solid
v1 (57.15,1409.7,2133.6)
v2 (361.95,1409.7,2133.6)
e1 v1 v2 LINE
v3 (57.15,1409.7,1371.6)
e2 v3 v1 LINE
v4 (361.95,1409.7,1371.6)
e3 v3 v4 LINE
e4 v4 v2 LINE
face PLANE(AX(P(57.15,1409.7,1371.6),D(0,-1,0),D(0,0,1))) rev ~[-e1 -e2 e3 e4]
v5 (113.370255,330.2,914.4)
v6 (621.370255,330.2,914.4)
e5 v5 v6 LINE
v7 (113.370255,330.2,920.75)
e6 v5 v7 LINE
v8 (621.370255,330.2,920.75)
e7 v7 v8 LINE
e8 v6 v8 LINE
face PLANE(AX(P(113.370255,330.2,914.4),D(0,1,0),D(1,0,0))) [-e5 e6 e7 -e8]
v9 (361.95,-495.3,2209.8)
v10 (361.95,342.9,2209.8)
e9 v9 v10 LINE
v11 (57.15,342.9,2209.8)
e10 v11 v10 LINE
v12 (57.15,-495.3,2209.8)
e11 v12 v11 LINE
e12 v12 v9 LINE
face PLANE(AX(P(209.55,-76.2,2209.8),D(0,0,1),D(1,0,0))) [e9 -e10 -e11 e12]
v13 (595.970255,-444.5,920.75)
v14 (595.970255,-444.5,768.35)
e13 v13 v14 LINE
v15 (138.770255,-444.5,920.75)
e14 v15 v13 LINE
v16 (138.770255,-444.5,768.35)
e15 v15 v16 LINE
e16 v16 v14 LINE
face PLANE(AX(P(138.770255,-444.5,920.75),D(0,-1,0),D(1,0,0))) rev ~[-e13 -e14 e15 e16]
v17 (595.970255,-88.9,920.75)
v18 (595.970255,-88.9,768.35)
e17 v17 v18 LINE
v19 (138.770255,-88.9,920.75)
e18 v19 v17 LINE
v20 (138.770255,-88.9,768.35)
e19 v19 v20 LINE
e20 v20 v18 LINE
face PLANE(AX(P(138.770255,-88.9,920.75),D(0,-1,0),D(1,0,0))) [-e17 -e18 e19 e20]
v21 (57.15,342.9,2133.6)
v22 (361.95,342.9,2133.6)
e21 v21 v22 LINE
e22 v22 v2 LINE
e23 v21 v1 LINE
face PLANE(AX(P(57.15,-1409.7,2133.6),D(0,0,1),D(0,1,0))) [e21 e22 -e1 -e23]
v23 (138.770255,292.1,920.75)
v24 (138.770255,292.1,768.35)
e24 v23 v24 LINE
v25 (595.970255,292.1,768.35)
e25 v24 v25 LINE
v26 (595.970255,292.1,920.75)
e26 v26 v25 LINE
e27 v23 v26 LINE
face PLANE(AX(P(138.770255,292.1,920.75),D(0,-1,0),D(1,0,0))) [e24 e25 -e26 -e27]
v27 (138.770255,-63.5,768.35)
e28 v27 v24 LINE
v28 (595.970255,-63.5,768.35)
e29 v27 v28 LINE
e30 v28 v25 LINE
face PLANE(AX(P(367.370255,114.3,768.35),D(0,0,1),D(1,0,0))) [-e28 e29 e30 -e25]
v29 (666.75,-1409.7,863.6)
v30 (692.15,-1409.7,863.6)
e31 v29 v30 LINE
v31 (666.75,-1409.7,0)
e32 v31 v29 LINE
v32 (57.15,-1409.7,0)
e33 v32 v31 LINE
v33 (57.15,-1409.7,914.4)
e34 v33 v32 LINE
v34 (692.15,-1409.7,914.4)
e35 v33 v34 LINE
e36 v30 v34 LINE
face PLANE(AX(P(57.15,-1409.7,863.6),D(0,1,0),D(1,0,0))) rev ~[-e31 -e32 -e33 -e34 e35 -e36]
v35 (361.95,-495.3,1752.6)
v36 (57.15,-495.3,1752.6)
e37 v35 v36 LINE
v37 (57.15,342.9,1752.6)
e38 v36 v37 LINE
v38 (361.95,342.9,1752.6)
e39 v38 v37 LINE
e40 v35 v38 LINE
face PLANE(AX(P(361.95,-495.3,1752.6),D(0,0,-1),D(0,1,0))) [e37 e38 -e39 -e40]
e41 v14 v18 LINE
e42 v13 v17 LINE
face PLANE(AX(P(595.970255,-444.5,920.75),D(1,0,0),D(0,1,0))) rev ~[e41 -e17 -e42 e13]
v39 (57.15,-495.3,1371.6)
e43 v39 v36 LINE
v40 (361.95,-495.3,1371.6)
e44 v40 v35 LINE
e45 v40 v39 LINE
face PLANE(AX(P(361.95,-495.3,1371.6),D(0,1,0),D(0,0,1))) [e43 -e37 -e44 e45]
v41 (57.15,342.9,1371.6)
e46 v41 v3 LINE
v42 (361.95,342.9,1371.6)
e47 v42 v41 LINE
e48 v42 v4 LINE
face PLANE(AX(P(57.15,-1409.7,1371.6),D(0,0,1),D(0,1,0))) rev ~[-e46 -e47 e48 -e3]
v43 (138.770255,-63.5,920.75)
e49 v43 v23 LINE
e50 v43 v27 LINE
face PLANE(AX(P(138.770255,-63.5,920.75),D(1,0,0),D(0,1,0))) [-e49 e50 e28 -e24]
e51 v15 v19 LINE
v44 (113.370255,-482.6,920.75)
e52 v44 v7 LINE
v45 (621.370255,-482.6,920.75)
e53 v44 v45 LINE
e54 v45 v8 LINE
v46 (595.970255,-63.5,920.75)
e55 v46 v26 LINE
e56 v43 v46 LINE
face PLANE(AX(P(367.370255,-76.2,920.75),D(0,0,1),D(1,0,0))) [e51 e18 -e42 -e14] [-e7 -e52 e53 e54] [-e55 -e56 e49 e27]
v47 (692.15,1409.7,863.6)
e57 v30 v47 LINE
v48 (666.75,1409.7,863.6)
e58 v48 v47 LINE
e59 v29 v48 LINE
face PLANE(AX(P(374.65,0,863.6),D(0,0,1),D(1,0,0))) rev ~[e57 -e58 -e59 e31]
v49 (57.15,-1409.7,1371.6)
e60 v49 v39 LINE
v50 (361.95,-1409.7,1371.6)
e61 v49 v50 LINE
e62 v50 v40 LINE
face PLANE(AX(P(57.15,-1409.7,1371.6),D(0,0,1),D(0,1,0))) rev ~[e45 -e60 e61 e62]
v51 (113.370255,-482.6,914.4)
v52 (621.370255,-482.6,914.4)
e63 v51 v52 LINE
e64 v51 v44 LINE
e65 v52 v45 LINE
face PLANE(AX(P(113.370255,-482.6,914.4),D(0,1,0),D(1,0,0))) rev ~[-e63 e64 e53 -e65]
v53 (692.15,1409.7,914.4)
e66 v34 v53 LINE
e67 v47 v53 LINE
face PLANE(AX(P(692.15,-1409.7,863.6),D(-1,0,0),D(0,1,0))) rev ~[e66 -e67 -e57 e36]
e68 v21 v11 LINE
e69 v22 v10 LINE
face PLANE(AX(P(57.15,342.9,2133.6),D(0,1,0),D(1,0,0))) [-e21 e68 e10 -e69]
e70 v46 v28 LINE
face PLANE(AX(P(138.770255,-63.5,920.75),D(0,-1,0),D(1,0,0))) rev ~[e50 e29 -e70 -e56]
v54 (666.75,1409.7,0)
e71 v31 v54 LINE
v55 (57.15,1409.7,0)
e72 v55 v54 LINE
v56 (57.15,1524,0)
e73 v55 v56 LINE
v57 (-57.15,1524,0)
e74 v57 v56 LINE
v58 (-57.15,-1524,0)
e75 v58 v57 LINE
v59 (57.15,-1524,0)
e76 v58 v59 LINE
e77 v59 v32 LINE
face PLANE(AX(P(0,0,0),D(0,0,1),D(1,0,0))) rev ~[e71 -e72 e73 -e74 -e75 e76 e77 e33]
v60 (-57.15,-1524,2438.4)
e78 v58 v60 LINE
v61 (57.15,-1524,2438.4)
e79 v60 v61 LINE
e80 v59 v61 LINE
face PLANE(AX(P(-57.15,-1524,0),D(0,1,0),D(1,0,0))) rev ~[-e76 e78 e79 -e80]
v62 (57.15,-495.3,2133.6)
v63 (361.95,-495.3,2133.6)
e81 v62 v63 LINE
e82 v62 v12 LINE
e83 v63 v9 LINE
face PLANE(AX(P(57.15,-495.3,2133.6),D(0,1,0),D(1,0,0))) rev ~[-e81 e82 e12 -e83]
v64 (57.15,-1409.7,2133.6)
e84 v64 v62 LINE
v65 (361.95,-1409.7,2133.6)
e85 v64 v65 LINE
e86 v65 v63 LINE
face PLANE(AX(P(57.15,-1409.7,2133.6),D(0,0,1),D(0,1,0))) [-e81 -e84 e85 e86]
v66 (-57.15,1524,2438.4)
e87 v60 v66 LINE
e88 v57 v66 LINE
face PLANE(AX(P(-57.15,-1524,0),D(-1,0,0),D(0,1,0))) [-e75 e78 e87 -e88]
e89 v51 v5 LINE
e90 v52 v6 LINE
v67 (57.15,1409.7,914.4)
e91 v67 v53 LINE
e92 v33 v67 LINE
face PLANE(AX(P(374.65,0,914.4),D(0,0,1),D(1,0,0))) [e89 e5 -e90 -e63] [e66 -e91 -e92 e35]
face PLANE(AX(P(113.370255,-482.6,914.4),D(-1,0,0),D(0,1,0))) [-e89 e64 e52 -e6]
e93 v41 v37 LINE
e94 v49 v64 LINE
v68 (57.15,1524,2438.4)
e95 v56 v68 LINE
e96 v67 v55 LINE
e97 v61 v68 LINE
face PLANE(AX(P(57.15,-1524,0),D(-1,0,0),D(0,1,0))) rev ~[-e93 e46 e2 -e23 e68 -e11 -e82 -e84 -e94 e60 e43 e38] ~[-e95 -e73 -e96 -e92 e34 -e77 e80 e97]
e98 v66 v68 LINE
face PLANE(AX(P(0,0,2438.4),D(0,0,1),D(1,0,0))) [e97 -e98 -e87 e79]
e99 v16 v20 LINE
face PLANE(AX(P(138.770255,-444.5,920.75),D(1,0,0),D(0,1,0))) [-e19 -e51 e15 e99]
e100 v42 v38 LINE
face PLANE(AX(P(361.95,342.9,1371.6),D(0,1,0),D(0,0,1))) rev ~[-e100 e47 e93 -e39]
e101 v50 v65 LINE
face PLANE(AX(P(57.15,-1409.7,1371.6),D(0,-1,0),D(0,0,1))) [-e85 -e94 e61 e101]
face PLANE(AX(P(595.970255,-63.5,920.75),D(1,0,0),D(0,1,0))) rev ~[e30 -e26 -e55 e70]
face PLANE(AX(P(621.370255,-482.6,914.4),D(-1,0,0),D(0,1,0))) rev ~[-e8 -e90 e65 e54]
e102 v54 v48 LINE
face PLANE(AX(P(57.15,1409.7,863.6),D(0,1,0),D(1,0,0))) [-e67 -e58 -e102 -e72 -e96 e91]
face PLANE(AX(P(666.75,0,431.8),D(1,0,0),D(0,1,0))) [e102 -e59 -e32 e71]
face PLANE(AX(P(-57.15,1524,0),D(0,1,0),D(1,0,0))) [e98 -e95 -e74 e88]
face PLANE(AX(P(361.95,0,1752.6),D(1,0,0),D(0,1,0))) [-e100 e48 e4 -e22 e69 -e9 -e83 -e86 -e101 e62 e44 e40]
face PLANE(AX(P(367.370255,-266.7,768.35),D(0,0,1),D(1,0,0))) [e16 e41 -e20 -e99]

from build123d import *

# Parameters (mm, degrees)
F0_W      = 114.3
F0_H      = 3048
F1_DEPTH  = 2438.4
F2_W      = 2819.4
F2_H      = 863.6
F3_DEPTH  = 609.6
F4_W      = 2819.4
F4_H      = 762
F5_DEPTH  = 304.8
F6_W      = 838.2
F6_H      = 381
F7_DEPTH  = 304.8
F8_W      = 304.8
F8_H      = 838.2
F9_DEPTH  = 76.2
F10_W     = 635
F10_H     = 2819.4
F11_DEPTH = 50.8
F12_W     = 508
F12_H     = 812.8
F13_DEPTH = 6.35
F14_W     = 457.2
F14_H     = 355.6
F15_DEPTH = 152.4


with BuildPart() as f1:
    # F0 (on Top) → F1 (new body)
    with BuildSketch(Plane.XY):
        Rectangle(F0_W, F0_H)
    extrude(amount=F1_DEPTH)

    # F2 (on face) → F3 (join)
    with BuildSketch(Plane.YZ.offset(57.15)):
        with Locations((0, 431.8)):
            Rectangle(F2_W, F2_H)
    extrude(amount=F3_DEPTH)

    # F4 (on face) → F5 (join)
    with BuildSketch(Plane.YZ.offset(57.15)):
        with Locations((0, 1752.6)):
            Rectangle(F4_W, F4_H)
    extrude(amount=F5_DEPTH)

    # F6 (on face) → F7 (cut)
    with BuildSketch(Plane.YZ.offset(361.95)):
        with Locations((-76.2, 1562.1)):
            Rectangle(F6_W, F6_H)
    extrude(amount=-F7_DEPTH, mode=Mode.SUBTRACT)

    # F8 (on face) → F9 (join)
    with BuildSketch(Plane.XY.offset(2133.6)):
        with Locations((209.55, -76.2)):
            Rectangle(F8_W, F8_H)
    extrude(amount=F9_DEPTH)

    # F10 (on face) → F11 (join)
    with BuildSketch(Plane.XY.offset(863.6)):
        with Locations((374.65, 0)):
            Rectangle(F10_W, F10_H)
    extrude(amount=F11_DEPTH)

    # F12 (on face) → F13 (join)
    with BuildSketch(Plane.XY.offset(914.4)):
        with Locations((367.370255, -76.2)):
            Rectangle(F12_W, F12_H)
    extrude(amount=F13_DEPTH)

    # F14 (on face) → F15 (cut)
    with BuildSketch(Plane.XY.offset(920.75)):
        with Locations((367.370255, -266.7)):
            Rectangle(F14_W, F14_H)
        with Locations((367.370255, 114.3)):
            Rectangle(F14_W, F14_H)
    extrude(amount=-F15_DEPTH, mode=Mode.SUBTRACT)


solid = f1.part
